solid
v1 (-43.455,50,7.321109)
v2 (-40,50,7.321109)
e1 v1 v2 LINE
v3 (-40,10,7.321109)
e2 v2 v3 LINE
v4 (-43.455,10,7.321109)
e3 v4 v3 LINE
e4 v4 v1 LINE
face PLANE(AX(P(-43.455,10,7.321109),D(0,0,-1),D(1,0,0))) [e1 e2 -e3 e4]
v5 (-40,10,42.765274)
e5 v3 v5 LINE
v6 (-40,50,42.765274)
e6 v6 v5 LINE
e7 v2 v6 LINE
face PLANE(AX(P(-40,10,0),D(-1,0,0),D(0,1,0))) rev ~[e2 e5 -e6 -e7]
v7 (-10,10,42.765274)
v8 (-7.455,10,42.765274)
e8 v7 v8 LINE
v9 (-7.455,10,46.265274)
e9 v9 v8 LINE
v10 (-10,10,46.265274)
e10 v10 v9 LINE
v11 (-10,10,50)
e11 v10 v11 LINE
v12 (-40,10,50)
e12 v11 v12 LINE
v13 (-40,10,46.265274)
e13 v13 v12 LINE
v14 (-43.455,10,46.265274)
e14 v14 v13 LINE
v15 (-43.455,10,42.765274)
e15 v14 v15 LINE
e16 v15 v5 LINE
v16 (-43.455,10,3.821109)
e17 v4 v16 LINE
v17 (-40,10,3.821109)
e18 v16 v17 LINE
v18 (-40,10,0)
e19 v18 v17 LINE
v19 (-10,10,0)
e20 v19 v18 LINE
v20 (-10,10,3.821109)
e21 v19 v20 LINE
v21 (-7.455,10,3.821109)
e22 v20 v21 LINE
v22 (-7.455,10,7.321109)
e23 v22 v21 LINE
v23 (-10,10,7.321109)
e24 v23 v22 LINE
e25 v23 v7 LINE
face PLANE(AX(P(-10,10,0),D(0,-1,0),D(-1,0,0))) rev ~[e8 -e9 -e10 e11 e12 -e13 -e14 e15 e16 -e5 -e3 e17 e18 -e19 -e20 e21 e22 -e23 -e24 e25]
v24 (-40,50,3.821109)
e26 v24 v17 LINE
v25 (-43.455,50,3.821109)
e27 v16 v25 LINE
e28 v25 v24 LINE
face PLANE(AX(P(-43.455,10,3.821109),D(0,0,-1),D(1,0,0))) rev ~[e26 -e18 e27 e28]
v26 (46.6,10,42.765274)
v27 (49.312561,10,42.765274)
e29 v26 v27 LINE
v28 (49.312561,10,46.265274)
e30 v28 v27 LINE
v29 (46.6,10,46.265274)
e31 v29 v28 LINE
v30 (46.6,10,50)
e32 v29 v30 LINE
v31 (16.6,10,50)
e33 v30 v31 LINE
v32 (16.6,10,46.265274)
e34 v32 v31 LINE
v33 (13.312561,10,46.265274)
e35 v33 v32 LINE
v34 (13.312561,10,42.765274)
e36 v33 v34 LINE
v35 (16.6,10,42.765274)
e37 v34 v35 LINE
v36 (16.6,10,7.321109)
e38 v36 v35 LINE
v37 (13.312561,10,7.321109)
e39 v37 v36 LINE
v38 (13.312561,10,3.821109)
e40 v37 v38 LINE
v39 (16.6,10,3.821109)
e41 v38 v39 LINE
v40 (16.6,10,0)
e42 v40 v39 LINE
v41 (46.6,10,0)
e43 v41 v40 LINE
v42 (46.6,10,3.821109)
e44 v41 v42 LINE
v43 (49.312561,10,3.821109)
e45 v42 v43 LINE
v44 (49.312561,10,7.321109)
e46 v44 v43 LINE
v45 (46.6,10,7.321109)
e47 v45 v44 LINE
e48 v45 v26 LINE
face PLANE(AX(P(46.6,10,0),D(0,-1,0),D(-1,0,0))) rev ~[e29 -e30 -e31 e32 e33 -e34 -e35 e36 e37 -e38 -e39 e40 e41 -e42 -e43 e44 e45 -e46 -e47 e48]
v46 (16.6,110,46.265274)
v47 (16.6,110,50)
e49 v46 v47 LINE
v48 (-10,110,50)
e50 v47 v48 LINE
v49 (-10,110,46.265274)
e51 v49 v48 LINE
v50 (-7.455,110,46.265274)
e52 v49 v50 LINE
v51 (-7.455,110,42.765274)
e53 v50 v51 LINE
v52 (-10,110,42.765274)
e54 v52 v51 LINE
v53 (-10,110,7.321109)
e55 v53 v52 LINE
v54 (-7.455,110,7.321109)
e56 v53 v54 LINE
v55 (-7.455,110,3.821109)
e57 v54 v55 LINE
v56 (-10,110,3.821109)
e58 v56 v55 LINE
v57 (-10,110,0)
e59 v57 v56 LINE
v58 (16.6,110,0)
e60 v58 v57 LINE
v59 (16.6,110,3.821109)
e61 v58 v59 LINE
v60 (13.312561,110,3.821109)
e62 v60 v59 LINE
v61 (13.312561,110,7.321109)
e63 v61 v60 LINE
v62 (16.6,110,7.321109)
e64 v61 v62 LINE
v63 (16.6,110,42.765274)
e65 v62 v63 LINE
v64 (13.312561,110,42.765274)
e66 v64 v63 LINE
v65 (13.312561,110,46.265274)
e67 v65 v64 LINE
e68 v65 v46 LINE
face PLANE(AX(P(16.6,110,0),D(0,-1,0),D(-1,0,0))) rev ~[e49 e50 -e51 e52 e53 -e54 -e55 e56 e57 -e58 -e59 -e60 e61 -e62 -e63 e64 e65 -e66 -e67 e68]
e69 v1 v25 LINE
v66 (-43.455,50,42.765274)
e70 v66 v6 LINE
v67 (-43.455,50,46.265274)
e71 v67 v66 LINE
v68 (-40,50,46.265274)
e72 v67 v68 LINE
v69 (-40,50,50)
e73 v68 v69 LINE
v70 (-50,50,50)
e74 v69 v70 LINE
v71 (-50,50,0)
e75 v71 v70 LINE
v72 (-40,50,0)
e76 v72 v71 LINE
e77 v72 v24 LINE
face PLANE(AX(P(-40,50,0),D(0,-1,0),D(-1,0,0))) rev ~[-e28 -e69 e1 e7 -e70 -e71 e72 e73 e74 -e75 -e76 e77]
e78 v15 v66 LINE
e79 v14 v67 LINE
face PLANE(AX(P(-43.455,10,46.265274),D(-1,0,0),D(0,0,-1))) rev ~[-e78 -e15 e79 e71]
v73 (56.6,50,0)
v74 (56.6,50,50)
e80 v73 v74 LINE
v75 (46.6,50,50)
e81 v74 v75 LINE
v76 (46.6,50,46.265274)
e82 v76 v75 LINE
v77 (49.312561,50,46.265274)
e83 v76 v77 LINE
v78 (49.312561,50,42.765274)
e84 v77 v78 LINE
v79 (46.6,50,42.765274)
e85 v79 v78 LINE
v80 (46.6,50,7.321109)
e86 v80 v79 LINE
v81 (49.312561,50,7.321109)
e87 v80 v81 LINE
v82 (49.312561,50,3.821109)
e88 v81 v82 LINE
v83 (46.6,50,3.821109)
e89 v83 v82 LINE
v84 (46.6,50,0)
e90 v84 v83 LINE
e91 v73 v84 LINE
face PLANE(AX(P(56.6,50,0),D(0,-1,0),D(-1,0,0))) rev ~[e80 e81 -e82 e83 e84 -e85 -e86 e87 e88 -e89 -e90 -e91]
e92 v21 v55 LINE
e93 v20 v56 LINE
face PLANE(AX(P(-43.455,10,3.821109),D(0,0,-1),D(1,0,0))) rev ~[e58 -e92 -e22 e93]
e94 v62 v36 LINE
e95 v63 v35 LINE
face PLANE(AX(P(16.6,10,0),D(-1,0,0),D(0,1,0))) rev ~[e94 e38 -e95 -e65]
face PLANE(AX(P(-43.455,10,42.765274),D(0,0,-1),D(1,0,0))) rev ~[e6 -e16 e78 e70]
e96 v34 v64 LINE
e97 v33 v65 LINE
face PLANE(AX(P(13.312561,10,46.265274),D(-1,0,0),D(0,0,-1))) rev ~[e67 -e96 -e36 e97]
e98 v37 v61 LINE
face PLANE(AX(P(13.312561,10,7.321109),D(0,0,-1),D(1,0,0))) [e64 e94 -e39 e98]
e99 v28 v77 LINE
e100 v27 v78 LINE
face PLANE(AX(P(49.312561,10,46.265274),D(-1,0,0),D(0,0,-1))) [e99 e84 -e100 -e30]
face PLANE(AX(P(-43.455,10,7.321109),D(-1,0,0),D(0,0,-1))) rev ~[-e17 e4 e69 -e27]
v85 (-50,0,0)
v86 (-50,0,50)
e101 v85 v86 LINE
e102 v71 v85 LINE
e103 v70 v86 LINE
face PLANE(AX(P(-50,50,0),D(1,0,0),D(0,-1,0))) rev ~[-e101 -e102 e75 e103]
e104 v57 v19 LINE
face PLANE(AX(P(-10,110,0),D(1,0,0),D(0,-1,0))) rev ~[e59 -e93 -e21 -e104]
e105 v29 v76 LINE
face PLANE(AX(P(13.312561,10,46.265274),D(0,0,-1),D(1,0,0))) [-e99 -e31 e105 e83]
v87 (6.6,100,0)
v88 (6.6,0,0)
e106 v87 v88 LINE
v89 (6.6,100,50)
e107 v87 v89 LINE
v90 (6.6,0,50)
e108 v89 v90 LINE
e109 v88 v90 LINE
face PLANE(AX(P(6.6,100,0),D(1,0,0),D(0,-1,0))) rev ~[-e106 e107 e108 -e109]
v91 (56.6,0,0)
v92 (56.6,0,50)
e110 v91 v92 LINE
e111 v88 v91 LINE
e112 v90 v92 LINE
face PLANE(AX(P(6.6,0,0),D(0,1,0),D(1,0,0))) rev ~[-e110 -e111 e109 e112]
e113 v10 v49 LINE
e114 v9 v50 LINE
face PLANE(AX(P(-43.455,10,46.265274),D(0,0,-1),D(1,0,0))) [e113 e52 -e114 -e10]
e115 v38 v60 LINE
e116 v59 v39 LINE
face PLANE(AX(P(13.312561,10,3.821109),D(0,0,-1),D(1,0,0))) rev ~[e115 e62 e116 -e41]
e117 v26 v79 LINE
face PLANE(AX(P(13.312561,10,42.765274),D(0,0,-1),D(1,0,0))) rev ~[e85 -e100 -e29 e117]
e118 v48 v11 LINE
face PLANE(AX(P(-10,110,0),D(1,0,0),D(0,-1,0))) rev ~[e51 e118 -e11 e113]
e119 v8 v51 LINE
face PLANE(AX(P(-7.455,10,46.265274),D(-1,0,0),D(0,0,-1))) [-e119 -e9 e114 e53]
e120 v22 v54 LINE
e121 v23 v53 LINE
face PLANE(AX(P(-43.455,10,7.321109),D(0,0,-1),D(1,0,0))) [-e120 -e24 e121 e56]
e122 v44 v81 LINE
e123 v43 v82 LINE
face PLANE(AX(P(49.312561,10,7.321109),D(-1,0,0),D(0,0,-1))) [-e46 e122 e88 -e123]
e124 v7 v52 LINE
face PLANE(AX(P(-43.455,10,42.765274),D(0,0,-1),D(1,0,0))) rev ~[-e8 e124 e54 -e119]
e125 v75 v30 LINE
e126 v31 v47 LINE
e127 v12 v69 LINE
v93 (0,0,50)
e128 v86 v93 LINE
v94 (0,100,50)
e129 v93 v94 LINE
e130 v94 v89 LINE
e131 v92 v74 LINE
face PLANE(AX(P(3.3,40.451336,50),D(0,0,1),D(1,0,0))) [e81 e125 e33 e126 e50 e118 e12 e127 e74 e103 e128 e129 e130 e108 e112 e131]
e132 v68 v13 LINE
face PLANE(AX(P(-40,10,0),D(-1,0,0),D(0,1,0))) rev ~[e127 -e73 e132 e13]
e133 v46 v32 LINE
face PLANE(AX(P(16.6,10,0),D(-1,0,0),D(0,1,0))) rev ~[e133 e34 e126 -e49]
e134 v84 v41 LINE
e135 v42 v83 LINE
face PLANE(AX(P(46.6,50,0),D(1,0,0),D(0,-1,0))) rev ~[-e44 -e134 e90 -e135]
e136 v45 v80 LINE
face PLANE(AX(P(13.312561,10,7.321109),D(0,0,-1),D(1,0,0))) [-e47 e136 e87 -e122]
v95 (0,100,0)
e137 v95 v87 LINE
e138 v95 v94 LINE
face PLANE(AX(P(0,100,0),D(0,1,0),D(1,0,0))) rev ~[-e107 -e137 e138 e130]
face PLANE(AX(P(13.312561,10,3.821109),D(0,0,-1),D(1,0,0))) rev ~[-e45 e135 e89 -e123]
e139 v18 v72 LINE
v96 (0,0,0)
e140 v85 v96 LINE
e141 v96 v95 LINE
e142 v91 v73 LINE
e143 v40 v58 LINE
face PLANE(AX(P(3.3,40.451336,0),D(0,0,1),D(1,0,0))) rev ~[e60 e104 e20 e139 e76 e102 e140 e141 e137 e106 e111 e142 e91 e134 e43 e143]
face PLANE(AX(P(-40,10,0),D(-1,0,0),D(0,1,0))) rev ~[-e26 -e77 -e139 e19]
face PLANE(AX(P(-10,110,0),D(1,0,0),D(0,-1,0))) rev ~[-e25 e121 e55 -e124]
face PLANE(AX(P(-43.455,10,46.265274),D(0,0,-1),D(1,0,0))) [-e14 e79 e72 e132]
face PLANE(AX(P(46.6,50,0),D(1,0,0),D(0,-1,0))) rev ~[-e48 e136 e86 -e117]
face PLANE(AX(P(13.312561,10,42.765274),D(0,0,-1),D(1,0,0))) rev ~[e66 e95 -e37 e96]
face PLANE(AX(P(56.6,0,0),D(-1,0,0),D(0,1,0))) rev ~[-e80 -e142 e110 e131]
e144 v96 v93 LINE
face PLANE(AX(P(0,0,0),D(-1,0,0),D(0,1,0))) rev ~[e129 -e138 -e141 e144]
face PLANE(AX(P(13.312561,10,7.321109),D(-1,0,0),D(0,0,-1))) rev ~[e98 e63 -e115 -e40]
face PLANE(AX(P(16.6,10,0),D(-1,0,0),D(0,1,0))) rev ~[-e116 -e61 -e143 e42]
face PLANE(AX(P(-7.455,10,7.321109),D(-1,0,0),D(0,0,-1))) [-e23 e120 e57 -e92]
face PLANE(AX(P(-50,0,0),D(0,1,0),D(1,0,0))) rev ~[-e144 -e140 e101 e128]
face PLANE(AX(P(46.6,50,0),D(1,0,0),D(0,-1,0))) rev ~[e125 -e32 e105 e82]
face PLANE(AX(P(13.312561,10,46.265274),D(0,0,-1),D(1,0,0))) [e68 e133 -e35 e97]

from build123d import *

# Parameters (mm, degrees)
EXTRU_MINCE1_DEPTH      = 50
ESQUISSE2_W             = 36
ESQUISSE2_H             = 3.5
ENL_V_MAT_EXTRU_1_DEPTH = 100


with BuildPart() as part:
    # Esquisse1 → Extru.-Mince1 (new body)
    with BuildSketch(Plane.XY):
        Polygon((-50, 50), (-50, 0), (0, 0), (0, 100), (6.6, 100), (6.6, 0), (56.6, 0), (56.6, 50), (46.6, 50), (46.6, 10), (16.6, 10), (16.6, 110), (-10, 110), (-10, 10), (-40, 10), (-40, 50), align=None)
    extrude(amount=EXTRU_MINCE1_DEPTH)

    # Esquisse2 → Enlèv. mat.-Extru.1 (cut)
    with BuildSketch(Plane(origin=(0, 10, 0), x_dir=(1, 0, 0), z_dir=(0, 1, 0))):
        with Locations((-25.454999668, -5.571109307)):
            Rectangle(ESQUISSE2_W, ESQUISSE2_H)
        with Locations((-25.454999668, -44.515273736)):
            Rectangle(ESQUISSE2_W, ESQUISSE2_H)
        with Locations((31.312560908, -5.571109307)):
            Rectangle(ESQUISSE2_W, ESQUISSE2_H)
        with Locations((31.312560908, -44.515273736)):
            Rectangle(ESQUISSE2_W, ESQUISSE2_H)
    extrude(amount=ENL_V_MAT_EXTRU_1_DEPTH, mode=Mode.SUBTRACT)


solid = part.part
